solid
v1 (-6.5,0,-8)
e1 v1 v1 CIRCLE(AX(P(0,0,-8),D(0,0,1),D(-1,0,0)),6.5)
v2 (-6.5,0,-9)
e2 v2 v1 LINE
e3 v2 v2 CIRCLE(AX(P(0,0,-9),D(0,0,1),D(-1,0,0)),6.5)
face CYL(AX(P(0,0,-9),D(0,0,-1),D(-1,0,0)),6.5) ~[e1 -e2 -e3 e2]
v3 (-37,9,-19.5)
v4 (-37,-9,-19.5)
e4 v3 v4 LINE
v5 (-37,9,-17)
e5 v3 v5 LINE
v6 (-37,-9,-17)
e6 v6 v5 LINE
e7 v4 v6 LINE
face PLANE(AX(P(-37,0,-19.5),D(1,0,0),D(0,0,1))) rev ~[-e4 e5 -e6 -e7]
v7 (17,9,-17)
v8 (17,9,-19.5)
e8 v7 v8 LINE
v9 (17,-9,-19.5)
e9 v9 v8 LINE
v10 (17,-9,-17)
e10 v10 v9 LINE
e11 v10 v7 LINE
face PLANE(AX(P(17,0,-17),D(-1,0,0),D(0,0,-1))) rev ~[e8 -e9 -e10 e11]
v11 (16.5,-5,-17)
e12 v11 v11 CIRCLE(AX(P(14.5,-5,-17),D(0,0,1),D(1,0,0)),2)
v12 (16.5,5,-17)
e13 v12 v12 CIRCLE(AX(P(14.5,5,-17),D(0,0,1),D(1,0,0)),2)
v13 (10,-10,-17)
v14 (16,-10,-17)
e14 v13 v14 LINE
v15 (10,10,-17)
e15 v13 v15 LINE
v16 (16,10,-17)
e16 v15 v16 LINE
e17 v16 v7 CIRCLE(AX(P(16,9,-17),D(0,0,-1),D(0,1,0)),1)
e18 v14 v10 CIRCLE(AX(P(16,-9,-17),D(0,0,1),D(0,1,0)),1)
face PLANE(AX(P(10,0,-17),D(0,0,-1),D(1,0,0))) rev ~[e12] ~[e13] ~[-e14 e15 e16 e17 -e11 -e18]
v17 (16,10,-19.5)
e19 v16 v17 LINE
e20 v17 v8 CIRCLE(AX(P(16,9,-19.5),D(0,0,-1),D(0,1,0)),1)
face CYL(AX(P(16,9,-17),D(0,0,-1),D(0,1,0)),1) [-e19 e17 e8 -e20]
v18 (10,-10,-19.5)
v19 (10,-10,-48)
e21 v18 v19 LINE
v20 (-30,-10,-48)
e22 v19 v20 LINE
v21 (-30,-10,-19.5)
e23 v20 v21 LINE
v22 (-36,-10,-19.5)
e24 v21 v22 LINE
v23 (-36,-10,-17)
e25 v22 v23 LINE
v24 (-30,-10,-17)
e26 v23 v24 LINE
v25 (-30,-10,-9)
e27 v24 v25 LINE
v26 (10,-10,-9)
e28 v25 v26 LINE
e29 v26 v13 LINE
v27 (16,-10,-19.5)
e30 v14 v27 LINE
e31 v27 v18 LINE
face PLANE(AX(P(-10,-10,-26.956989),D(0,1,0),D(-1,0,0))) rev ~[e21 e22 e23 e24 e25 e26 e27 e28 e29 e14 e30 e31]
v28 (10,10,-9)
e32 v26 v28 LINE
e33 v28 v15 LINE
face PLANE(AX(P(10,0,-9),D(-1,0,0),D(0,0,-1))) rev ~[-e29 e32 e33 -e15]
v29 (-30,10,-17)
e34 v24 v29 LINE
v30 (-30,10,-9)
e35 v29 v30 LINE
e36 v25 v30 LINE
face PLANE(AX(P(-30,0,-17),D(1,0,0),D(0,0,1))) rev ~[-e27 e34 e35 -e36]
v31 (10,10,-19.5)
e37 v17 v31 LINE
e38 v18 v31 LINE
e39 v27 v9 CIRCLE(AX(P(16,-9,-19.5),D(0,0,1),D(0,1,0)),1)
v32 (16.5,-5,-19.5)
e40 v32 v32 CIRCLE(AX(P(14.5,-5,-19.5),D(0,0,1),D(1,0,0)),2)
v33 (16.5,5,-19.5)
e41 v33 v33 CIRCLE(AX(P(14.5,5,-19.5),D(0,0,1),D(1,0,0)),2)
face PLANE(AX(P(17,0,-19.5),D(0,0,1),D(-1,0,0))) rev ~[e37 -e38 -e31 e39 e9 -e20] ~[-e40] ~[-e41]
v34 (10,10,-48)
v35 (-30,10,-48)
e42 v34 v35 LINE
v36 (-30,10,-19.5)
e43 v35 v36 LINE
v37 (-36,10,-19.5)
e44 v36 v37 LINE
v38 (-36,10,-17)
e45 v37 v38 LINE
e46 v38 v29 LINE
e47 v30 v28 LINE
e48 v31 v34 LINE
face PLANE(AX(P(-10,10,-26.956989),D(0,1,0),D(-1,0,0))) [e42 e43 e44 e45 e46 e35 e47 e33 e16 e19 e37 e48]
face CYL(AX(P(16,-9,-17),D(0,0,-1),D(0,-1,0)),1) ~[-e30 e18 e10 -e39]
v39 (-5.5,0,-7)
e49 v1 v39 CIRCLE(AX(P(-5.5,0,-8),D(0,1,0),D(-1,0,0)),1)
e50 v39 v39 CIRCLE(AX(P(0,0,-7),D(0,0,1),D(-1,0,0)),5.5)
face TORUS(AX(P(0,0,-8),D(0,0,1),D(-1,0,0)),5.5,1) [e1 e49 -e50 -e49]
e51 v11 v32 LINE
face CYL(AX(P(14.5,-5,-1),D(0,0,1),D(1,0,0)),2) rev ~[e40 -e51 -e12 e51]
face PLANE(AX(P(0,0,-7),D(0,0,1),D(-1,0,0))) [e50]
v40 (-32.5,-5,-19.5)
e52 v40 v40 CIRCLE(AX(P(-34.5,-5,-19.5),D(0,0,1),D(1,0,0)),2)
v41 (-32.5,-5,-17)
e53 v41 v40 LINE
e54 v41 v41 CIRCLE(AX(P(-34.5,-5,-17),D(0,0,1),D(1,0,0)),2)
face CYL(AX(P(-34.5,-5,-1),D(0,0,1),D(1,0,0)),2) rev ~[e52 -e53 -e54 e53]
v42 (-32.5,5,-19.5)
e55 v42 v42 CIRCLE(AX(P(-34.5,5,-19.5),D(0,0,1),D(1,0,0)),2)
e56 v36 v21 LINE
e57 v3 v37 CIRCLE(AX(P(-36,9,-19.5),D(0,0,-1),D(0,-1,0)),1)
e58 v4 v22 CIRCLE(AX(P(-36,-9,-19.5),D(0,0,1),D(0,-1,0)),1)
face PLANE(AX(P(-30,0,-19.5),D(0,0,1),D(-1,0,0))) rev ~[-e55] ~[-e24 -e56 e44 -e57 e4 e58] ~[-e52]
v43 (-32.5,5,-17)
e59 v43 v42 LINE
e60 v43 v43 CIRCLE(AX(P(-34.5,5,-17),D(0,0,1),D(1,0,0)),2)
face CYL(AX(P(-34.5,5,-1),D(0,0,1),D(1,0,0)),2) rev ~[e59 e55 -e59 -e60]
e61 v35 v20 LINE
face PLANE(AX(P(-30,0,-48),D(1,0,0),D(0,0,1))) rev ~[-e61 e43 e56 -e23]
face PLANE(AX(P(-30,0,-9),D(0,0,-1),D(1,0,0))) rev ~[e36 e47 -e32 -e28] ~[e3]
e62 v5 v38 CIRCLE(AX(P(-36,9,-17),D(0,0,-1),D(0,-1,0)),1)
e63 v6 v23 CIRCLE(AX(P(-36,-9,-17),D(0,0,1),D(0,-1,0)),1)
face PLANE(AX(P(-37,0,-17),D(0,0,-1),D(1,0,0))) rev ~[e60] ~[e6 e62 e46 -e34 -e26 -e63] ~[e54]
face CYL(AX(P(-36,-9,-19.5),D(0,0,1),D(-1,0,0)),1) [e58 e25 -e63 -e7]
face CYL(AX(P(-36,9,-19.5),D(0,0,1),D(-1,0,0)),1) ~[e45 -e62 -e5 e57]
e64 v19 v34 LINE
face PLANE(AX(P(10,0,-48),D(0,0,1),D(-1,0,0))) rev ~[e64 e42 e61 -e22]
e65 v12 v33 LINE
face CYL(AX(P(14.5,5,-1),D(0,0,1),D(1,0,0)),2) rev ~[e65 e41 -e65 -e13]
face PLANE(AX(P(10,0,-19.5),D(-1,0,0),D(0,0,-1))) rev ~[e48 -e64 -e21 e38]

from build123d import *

# Parameters (mm, degrees)
PAD050_DEPTH    = 10
SKETCH087_R     = 2
POCKET033_DEPTH = 47.001
FILLET024_R     = 1
SKETCH235_R     = 6.5
PAD096_DEPTH    = 2
FILLET011_R     = 1


with BuildPart() as part:
    # Sketch086 → Pad050 (new body, symmetric)
    with BuildSketch(Plane.XZ):
        Polygon((-37, -18.5), (-37, -16), (-30, -16), (-30, -8), (10, -8), (10, -16), (17, -16), (17, -18.5), (10, -18.5), (10, -47), (-30, -47), (-30, -18.5), align=None)
    extrude(amount=PAD050_DEPTH, both=True)

    # Sketch087 → Pocket033 (cut, through all)
    with BuildSketch(Plane.XY):
        with Locations((14.5, 5)):
            Circle(SKETCH087_R)
        with Locations((14.5, -5)):
            Circle(SKETCH087_R)
        with Locations((-34.5, 5)):
            Circle(SKETCH087_R)
        with Locations((-34.5, -5)):
            Circle(SKETCH087_R)
    extrude(amount=-POCKET033_DEPTH, mode=Mode.SUBTRACT)

    # Fillet024
    fillet024_edges = [part.edges().sort_by_distance(p)[0] for p in [
        (17, -10, -17.25),
        (17, 10, -17.25),
        (-37, -10, -17.25),
        (-37, 10, -17.25),
    ]]
    fillet(fillet024_edges, radius=FILLET024_R)

    # Sketch235 (on Face12 of Fillet024) → Pad096 (join)
    with BuildSketch(Plane(origin=(0, 0, -8), x_dir=(-1, 0, 0), z_dir=(0, 0, 1))):
        Circle(SKETCH235_R)
    extrude(amount=PAD096_DEPTH)

    # Fillet011
    fillet011_edges = [part.edges().sort_by_distance(p)[0] for p in [
        (6.5, 0, -6),
    ]]
    fillet(fillet011_edges, radius=FILLET011_R)


with BuildPart() as part_1:
    # Body041 placement: moved
    add(part.part.moved(Location((0, 0, -1))))


solid = part_1.part
